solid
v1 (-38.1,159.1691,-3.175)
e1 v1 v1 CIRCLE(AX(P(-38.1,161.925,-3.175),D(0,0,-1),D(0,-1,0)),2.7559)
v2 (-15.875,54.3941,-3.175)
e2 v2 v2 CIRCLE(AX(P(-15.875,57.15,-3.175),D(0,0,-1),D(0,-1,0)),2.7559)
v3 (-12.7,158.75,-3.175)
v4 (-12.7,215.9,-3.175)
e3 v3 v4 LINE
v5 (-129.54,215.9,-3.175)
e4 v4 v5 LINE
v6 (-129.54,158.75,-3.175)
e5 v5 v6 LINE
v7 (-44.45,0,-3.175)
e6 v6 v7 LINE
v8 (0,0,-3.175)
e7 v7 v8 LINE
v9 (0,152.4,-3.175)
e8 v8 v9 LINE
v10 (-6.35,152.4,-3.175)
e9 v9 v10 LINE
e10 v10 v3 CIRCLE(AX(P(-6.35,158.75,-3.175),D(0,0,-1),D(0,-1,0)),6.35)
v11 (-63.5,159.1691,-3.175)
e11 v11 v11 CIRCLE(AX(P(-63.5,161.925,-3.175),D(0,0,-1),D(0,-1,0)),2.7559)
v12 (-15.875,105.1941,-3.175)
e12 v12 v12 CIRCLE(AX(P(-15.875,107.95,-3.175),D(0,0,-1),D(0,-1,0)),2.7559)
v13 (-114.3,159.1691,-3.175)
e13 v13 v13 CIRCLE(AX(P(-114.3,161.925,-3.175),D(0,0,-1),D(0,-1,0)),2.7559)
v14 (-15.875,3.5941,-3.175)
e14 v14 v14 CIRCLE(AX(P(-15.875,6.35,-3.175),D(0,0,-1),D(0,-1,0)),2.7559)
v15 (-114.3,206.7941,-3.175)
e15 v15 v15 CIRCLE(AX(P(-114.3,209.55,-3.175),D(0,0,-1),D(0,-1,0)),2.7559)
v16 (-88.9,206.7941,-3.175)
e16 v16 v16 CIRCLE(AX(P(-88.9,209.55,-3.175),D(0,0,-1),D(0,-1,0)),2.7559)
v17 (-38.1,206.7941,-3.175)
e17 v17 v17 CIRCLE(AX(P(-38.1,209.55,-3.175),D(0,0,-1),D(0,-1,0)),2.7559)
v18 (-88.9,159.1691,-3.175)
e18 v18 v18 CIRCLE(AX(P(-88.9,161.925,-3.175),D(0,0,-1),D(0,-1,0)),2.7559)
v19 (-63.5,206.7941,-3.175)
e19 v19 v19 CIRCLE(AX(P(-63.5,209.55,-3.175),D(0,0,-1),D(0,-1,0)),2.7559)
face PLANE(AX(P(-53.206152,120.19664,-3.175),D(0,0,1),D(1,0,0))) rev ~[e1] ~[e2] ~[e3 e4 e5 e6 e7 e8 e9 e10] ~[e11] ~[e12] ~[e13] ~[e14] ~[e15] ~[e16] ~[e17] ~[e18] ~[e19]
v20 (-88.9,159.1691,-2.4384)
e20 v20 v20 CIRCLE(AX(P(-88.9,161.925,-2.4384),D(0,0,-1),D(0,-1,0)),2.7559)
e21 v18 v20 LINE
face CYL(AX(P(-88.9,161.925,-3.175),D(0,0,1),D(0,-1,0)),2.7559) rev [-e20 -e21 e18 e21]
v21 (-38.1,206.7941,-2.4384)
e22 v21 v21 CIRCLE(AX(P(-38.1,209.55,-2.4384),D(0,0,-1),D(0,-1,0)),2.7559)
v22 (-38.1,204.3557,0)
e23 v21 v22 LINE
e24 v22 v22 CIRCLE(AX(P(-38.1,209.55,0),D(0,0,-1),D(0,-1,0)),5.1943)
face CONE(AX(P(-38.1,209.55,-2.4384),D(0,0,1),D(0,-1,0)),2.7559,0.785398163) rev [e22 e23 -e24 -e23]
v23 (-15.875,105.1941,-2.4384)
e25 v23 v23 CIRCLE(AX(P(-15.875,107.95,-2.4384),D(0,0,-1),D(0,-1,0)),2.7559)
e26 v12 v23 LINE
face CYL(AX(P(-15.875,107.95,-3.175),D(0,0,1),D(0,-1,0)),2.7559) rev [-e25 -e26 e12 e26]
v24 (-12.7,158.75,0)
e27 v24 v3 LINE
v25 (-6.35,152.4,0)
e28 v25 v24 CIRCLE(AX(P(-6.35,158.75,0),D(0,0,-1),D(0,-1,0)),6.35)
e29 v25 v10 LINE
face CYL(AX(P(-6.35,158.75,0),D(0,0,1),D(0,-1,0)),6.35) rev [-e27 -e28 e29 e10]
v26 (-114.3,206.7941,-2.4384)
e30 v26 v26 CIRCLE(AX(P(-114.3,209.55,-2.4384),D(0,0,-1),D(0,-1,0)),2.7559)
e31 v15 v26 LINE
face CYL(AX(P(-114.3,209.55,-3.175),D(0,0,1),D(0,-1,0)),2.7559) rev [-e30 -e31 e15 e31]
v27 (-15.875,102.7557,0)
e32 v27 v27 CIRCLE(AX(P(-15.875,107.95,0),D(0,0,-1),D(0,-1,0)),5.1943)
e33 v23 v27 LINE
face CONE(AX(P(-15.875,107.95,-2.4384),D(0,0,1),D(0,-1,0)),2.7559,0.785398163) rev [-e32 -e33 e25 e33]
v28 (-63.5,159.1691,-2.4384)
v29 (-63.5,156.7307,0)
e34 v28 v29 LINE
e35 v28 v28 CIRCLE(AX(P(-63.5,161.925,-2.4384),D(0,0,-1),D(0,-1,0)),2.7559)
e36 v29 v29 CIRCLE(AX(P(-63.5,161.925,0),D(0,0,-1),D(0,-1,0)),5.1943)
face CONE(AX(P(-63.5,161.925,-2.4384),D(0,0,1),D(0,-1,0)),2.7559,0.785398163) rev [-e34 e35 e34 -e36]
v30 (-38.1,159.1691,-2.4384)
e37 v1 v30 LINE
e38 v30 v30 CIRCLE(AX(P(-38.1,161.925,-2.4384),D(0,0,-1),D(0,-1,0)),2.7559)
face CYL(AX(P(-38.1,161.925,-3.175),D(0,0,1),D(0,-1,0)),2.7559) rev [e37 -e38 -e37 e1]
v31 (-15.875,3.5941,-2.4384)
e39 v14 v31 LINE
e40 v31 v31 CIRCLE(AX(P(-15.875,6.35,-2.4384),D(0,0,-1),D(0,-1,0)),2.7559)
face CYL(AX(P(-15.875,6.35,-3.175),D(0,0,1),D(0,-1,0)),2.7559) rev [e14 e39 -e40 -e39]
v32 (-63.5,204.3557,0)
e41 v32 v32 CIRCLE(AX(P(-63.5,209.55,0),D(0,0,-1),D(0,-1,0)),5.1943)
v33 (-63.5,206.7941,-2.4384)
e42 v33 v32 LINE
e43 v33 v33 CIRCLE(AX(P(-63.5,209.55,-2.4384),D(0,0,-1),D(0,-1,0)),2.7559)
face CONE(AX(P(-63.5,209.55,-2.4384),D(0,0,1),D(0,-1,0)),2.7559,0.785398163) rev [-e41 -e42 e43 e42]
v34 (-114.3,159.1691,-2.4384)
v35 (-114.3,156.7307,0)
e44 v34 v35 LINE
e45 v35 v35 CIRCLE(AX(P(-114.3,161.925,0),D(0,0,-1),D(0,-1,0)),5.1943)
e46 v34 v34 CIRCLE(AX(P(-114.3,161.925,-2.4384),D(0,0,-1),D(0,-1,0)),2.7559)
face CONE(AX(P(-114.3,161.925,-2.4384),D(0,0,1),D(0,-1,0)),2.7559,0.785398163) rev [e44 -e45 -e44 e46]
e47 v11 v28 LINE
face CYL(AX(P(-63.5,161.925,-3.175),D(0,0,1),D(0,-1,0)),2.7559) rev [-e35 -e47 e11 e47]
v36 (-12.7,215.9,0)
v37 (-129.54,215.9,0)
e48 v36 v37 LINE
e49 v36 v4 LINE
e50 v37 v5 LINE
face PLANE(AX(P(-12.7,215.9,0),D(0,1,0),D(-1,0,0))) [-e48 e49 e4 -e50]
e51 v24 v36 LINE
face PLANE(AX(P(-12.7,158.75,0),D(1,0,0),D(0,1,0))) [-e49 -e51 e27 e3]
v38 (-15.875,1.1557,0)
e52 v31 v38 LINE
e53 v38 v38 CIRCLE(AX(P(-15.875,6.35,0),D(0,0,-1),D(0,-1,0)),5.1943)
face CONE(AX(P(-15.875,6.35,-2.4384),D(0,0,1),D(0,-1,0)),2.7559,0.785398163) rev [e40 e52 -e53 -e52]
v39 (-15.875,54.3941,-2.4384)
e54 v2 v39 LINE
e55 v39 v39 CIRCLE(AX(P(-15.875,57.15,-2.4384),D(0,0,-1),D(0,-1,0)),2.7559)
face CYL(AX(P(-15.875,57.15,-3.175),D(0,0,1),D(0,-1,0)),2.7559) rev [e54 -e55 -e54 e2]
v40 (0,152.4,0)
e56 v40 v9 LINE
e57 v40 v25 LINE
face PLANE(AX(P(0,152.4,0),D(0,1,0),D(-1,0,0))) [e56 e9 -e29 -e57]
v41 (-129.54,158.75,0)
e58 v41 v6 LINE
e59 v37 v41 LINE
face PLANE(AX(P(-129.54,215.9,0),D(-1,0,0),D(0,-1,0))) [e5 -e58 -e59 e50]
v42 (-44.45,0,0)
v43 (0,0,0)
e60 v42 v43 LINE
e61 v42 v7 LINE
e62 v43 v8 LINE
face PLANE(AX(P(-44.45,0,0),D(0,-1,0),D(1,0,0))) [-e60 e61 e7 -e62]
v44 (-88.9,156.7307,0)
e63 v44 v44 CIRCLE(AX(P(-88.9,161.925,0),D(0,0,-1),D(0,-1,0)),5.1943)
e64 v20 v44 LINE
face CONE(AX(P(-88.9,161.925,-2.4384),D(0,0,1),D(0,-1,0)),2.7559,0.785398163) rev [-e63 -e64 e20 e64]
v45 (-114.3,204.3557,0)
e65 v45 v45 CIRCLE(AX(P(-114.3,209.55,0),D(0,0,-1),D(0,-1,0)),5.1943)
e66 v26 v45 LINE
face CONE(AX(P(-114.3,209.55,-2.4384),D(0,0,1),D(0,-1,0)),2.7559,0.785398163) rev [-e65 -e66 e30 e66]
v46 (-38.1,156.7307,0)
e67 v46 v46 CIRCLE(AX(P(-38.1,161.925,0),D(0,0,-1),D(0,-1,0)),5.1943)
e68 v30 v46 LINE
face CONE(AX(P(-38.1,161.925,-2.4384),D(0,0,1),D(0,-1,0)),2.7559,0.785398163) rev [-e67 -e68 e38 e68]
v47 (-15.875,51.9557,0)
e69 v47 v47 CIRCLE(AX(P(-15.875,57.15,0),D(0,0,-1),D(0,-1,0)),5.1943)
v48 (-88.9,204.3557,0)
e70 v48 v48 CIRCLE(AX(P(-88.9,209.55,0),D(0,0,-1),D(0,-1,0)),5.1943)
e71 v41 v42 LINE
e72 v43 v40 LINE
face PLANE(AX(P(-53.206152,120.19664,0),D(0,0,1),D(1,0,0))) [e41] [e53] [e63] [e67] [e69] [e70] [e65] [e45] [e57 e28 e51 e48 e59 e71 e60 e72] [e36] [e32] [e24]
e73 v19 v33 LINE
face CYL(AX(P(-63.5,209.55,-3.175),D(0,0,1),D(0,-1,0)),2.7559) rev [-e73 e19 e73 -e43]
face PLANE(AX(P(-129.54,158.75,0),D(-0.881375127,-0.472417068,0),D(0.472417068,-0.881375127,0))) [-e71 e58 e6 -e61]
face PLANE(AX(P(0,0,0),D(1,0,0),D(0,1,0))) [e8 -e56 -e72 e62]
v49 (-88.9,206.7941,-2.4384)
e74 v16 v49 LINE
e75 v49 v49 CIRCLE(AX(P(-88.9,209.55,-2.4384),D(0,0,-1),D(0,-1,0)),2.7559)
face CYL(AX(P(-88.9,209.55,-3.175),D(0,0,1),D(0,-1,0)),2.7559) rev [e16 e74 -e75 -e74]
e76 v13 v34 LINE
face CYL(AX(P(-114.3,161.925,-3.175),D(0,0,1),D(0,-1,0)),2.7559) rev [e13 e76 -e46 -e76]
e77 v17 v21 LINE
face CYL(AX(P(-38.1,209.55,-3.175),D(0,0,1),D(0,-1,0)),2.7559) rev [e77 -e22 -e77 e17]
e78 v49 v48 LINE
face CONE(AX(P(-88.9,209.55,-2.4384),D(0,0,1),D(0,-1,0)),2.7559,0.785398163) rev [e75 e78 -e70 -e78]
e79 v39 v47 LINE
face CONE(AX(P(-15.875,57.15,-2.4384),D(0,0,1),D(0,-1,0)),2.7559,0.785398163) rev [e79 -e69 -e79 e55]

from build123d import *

# Parameters (mm, degrees)
BOSS_EXTRUDE1_DEPTH                       = 3.175
CSK_FOR_0_FLAT_HEAD_MACHINE_SCREW_2_COUNT = 2
CSK_FOR_0_FLAT_HEAD_MACHINE_SCREW_2_PITCH = 47.625
LPATTERN1_COUNT                           = 4
LPATTERN1_PITCH                           = 25.4
LPATTERN2_COUNT                           = 3
LPATTERN2_PITCH                           = 50.8


with BuildPart() as part:
    # Sketch1 → Boss-Extrude1 (new body)
    with BuildSketch(Plane.XY):
        with BuildLine():
            Line((0, 0), (0, 152.4))
            Line((0, 152.4), (-6.35, 152.4))
            ThreePointArc((-6.35, 152.4), (-10.840128061, 154.259871939), (-12.7, 158.75))
            Line((-12.7, 158.75), (-12.7, 215.9))
            Line((-12.7, 215.9), (-129.54, 215.9))
            Line((-129.54, 215.9), (-129.54, 158.75))
            Line((-129.54, 158.75), (-44.45, 0))
            Line((-44.45, 0), (0, 0))
        make_face()
    extrude(amount=-BOSS_EXTRUDE1_DEPTH)

    # Sketch3 → CSK for _0 Flat Head Machine Screw _100 (revolve, cut)
    with BuildSketch(Plane(origin=(-114.3, 209.55, 0), x_dir=(0, -1, 0), z_dir=(1, 0, 0))):
        Polygon((0, 0), (0, 3.175), (2.7559, 3.175), (2.7559, 2.4384), (5.1943, 0), align=None)
    csk_for_0_flat_head_machine_screw_100 = revolve(axis=Axis((-114.3, 209.55, 6.35), (0, 0, -1)), mode=Mode.SUBTRACT)

    # CSK for _0 Flat Head Machine Screw _ 2: CSK for _0 Flat Head Machine Screw _100 ×2
    with Locations(*[(0, -i * CSK_FOR_0_FLAT_HEAD_MACHINE_SCREW_2_PITCH, 0) for i in range(1, CSK_FOR_0_FLAT_HEAD_MACHINE_SCREW_2_COUNT)]):
        add(csk_for_0_flat_head_machine_screw_100, mode=Mode.SUBTRACT)

    # LPattern1: CSK for _0 Flat Head Machine Screw _100 ×4
    with Locations(*[(i * LPATTERN1_PITCH, 0, 0) for i in range(1, LPATTERN1_COUNT)]):
        add(csk_for_0_flat_head_machine_screw_100, mode=Mode.SUBTRACT)

    # LPattern1 copy 1 sketch → LPattern1 copy 1 (revolve, cut)
    with BuildSketch(Plane(origin=(-88.9, 161.925, 0), x_dir=(0, -1, 0), z_dir=(1, 0, 0))):
        Polygon((0, 0), (0, 3.175), (2.7559, 3.175), (2.7559, 2.4384), (5.1943, 0), align=None)
    revolve(axis=Axis((-88.9, 161.925, 6.35), (0, 0, -1)), mode=Mode.SUBTRACT)

    # LPattern1 copy 2 sketch → LPattern1 copy 2 (revolve, cut)
    with BuildSketch(Plane(origin=(-63.5, 161.925, 0), x_dir=(0, -1, 0), z_dir=(1, 0, 0))):
        Polygon((0, 0), (0, 3.175), (2.7559, 3.175), (2.7559, 2.4384), (5.1943, 0), align=None)
    revolve(axis=Axis((-63.5, 161.925, 6.35), (0, 0, -1)), mode=Mode.SUBTRACT)

    # LPattern1 copy 3 sketch → LPattern1 copy 3 (revolve, cut)
    with BuildSketch(Plane(origin=(-38.1, 161.925, 0), x_dir=(0, -1, 0), z_dir=(1, 0, 0))):
        Polygon((0, 0), (0, 3.175), (2.7559, 3.175), (2.7559, 2.4384), (5.1943, 0), align=None)
    revolve(axis=Axis((-38.1, 161.925, 6.35), (0, 0, -1)), mode=Mode.SUBTRACT)

    # Sketch4 → CSK for _0 Flat Head Machine Screw _ 3 (revolve, cut)
    with BuildSketch(Plane(origin=(-15.875, 107.95, 0), x_dir=(0, -1, 0), z_dir=(1, 0, 0))):
        Polygon((0, 0), (0, 3.175), (2.7559, 3.175), (2.7559, 2.4384), (5.1943, 0), align=None)
    csk_for_0_flat_head_machine_screw_3 = revolve(axis=Axis((-15.875, 107.95, 6.35), (0, 0, -1)), mode=Mode.SUBTRACT)

    # LPattern2: CSK for _0 Flat Head Machine Screw _ 3 ×3
    with Locations(*[(0, -i * LPATTERN2_PITCH, 0) for i in range(1, LPATTERN2_COUNT)]):
        add(csk_for_0_flat_head_machine_screw_3, mode=Mode.SUBTRACT)


solid = part.part
